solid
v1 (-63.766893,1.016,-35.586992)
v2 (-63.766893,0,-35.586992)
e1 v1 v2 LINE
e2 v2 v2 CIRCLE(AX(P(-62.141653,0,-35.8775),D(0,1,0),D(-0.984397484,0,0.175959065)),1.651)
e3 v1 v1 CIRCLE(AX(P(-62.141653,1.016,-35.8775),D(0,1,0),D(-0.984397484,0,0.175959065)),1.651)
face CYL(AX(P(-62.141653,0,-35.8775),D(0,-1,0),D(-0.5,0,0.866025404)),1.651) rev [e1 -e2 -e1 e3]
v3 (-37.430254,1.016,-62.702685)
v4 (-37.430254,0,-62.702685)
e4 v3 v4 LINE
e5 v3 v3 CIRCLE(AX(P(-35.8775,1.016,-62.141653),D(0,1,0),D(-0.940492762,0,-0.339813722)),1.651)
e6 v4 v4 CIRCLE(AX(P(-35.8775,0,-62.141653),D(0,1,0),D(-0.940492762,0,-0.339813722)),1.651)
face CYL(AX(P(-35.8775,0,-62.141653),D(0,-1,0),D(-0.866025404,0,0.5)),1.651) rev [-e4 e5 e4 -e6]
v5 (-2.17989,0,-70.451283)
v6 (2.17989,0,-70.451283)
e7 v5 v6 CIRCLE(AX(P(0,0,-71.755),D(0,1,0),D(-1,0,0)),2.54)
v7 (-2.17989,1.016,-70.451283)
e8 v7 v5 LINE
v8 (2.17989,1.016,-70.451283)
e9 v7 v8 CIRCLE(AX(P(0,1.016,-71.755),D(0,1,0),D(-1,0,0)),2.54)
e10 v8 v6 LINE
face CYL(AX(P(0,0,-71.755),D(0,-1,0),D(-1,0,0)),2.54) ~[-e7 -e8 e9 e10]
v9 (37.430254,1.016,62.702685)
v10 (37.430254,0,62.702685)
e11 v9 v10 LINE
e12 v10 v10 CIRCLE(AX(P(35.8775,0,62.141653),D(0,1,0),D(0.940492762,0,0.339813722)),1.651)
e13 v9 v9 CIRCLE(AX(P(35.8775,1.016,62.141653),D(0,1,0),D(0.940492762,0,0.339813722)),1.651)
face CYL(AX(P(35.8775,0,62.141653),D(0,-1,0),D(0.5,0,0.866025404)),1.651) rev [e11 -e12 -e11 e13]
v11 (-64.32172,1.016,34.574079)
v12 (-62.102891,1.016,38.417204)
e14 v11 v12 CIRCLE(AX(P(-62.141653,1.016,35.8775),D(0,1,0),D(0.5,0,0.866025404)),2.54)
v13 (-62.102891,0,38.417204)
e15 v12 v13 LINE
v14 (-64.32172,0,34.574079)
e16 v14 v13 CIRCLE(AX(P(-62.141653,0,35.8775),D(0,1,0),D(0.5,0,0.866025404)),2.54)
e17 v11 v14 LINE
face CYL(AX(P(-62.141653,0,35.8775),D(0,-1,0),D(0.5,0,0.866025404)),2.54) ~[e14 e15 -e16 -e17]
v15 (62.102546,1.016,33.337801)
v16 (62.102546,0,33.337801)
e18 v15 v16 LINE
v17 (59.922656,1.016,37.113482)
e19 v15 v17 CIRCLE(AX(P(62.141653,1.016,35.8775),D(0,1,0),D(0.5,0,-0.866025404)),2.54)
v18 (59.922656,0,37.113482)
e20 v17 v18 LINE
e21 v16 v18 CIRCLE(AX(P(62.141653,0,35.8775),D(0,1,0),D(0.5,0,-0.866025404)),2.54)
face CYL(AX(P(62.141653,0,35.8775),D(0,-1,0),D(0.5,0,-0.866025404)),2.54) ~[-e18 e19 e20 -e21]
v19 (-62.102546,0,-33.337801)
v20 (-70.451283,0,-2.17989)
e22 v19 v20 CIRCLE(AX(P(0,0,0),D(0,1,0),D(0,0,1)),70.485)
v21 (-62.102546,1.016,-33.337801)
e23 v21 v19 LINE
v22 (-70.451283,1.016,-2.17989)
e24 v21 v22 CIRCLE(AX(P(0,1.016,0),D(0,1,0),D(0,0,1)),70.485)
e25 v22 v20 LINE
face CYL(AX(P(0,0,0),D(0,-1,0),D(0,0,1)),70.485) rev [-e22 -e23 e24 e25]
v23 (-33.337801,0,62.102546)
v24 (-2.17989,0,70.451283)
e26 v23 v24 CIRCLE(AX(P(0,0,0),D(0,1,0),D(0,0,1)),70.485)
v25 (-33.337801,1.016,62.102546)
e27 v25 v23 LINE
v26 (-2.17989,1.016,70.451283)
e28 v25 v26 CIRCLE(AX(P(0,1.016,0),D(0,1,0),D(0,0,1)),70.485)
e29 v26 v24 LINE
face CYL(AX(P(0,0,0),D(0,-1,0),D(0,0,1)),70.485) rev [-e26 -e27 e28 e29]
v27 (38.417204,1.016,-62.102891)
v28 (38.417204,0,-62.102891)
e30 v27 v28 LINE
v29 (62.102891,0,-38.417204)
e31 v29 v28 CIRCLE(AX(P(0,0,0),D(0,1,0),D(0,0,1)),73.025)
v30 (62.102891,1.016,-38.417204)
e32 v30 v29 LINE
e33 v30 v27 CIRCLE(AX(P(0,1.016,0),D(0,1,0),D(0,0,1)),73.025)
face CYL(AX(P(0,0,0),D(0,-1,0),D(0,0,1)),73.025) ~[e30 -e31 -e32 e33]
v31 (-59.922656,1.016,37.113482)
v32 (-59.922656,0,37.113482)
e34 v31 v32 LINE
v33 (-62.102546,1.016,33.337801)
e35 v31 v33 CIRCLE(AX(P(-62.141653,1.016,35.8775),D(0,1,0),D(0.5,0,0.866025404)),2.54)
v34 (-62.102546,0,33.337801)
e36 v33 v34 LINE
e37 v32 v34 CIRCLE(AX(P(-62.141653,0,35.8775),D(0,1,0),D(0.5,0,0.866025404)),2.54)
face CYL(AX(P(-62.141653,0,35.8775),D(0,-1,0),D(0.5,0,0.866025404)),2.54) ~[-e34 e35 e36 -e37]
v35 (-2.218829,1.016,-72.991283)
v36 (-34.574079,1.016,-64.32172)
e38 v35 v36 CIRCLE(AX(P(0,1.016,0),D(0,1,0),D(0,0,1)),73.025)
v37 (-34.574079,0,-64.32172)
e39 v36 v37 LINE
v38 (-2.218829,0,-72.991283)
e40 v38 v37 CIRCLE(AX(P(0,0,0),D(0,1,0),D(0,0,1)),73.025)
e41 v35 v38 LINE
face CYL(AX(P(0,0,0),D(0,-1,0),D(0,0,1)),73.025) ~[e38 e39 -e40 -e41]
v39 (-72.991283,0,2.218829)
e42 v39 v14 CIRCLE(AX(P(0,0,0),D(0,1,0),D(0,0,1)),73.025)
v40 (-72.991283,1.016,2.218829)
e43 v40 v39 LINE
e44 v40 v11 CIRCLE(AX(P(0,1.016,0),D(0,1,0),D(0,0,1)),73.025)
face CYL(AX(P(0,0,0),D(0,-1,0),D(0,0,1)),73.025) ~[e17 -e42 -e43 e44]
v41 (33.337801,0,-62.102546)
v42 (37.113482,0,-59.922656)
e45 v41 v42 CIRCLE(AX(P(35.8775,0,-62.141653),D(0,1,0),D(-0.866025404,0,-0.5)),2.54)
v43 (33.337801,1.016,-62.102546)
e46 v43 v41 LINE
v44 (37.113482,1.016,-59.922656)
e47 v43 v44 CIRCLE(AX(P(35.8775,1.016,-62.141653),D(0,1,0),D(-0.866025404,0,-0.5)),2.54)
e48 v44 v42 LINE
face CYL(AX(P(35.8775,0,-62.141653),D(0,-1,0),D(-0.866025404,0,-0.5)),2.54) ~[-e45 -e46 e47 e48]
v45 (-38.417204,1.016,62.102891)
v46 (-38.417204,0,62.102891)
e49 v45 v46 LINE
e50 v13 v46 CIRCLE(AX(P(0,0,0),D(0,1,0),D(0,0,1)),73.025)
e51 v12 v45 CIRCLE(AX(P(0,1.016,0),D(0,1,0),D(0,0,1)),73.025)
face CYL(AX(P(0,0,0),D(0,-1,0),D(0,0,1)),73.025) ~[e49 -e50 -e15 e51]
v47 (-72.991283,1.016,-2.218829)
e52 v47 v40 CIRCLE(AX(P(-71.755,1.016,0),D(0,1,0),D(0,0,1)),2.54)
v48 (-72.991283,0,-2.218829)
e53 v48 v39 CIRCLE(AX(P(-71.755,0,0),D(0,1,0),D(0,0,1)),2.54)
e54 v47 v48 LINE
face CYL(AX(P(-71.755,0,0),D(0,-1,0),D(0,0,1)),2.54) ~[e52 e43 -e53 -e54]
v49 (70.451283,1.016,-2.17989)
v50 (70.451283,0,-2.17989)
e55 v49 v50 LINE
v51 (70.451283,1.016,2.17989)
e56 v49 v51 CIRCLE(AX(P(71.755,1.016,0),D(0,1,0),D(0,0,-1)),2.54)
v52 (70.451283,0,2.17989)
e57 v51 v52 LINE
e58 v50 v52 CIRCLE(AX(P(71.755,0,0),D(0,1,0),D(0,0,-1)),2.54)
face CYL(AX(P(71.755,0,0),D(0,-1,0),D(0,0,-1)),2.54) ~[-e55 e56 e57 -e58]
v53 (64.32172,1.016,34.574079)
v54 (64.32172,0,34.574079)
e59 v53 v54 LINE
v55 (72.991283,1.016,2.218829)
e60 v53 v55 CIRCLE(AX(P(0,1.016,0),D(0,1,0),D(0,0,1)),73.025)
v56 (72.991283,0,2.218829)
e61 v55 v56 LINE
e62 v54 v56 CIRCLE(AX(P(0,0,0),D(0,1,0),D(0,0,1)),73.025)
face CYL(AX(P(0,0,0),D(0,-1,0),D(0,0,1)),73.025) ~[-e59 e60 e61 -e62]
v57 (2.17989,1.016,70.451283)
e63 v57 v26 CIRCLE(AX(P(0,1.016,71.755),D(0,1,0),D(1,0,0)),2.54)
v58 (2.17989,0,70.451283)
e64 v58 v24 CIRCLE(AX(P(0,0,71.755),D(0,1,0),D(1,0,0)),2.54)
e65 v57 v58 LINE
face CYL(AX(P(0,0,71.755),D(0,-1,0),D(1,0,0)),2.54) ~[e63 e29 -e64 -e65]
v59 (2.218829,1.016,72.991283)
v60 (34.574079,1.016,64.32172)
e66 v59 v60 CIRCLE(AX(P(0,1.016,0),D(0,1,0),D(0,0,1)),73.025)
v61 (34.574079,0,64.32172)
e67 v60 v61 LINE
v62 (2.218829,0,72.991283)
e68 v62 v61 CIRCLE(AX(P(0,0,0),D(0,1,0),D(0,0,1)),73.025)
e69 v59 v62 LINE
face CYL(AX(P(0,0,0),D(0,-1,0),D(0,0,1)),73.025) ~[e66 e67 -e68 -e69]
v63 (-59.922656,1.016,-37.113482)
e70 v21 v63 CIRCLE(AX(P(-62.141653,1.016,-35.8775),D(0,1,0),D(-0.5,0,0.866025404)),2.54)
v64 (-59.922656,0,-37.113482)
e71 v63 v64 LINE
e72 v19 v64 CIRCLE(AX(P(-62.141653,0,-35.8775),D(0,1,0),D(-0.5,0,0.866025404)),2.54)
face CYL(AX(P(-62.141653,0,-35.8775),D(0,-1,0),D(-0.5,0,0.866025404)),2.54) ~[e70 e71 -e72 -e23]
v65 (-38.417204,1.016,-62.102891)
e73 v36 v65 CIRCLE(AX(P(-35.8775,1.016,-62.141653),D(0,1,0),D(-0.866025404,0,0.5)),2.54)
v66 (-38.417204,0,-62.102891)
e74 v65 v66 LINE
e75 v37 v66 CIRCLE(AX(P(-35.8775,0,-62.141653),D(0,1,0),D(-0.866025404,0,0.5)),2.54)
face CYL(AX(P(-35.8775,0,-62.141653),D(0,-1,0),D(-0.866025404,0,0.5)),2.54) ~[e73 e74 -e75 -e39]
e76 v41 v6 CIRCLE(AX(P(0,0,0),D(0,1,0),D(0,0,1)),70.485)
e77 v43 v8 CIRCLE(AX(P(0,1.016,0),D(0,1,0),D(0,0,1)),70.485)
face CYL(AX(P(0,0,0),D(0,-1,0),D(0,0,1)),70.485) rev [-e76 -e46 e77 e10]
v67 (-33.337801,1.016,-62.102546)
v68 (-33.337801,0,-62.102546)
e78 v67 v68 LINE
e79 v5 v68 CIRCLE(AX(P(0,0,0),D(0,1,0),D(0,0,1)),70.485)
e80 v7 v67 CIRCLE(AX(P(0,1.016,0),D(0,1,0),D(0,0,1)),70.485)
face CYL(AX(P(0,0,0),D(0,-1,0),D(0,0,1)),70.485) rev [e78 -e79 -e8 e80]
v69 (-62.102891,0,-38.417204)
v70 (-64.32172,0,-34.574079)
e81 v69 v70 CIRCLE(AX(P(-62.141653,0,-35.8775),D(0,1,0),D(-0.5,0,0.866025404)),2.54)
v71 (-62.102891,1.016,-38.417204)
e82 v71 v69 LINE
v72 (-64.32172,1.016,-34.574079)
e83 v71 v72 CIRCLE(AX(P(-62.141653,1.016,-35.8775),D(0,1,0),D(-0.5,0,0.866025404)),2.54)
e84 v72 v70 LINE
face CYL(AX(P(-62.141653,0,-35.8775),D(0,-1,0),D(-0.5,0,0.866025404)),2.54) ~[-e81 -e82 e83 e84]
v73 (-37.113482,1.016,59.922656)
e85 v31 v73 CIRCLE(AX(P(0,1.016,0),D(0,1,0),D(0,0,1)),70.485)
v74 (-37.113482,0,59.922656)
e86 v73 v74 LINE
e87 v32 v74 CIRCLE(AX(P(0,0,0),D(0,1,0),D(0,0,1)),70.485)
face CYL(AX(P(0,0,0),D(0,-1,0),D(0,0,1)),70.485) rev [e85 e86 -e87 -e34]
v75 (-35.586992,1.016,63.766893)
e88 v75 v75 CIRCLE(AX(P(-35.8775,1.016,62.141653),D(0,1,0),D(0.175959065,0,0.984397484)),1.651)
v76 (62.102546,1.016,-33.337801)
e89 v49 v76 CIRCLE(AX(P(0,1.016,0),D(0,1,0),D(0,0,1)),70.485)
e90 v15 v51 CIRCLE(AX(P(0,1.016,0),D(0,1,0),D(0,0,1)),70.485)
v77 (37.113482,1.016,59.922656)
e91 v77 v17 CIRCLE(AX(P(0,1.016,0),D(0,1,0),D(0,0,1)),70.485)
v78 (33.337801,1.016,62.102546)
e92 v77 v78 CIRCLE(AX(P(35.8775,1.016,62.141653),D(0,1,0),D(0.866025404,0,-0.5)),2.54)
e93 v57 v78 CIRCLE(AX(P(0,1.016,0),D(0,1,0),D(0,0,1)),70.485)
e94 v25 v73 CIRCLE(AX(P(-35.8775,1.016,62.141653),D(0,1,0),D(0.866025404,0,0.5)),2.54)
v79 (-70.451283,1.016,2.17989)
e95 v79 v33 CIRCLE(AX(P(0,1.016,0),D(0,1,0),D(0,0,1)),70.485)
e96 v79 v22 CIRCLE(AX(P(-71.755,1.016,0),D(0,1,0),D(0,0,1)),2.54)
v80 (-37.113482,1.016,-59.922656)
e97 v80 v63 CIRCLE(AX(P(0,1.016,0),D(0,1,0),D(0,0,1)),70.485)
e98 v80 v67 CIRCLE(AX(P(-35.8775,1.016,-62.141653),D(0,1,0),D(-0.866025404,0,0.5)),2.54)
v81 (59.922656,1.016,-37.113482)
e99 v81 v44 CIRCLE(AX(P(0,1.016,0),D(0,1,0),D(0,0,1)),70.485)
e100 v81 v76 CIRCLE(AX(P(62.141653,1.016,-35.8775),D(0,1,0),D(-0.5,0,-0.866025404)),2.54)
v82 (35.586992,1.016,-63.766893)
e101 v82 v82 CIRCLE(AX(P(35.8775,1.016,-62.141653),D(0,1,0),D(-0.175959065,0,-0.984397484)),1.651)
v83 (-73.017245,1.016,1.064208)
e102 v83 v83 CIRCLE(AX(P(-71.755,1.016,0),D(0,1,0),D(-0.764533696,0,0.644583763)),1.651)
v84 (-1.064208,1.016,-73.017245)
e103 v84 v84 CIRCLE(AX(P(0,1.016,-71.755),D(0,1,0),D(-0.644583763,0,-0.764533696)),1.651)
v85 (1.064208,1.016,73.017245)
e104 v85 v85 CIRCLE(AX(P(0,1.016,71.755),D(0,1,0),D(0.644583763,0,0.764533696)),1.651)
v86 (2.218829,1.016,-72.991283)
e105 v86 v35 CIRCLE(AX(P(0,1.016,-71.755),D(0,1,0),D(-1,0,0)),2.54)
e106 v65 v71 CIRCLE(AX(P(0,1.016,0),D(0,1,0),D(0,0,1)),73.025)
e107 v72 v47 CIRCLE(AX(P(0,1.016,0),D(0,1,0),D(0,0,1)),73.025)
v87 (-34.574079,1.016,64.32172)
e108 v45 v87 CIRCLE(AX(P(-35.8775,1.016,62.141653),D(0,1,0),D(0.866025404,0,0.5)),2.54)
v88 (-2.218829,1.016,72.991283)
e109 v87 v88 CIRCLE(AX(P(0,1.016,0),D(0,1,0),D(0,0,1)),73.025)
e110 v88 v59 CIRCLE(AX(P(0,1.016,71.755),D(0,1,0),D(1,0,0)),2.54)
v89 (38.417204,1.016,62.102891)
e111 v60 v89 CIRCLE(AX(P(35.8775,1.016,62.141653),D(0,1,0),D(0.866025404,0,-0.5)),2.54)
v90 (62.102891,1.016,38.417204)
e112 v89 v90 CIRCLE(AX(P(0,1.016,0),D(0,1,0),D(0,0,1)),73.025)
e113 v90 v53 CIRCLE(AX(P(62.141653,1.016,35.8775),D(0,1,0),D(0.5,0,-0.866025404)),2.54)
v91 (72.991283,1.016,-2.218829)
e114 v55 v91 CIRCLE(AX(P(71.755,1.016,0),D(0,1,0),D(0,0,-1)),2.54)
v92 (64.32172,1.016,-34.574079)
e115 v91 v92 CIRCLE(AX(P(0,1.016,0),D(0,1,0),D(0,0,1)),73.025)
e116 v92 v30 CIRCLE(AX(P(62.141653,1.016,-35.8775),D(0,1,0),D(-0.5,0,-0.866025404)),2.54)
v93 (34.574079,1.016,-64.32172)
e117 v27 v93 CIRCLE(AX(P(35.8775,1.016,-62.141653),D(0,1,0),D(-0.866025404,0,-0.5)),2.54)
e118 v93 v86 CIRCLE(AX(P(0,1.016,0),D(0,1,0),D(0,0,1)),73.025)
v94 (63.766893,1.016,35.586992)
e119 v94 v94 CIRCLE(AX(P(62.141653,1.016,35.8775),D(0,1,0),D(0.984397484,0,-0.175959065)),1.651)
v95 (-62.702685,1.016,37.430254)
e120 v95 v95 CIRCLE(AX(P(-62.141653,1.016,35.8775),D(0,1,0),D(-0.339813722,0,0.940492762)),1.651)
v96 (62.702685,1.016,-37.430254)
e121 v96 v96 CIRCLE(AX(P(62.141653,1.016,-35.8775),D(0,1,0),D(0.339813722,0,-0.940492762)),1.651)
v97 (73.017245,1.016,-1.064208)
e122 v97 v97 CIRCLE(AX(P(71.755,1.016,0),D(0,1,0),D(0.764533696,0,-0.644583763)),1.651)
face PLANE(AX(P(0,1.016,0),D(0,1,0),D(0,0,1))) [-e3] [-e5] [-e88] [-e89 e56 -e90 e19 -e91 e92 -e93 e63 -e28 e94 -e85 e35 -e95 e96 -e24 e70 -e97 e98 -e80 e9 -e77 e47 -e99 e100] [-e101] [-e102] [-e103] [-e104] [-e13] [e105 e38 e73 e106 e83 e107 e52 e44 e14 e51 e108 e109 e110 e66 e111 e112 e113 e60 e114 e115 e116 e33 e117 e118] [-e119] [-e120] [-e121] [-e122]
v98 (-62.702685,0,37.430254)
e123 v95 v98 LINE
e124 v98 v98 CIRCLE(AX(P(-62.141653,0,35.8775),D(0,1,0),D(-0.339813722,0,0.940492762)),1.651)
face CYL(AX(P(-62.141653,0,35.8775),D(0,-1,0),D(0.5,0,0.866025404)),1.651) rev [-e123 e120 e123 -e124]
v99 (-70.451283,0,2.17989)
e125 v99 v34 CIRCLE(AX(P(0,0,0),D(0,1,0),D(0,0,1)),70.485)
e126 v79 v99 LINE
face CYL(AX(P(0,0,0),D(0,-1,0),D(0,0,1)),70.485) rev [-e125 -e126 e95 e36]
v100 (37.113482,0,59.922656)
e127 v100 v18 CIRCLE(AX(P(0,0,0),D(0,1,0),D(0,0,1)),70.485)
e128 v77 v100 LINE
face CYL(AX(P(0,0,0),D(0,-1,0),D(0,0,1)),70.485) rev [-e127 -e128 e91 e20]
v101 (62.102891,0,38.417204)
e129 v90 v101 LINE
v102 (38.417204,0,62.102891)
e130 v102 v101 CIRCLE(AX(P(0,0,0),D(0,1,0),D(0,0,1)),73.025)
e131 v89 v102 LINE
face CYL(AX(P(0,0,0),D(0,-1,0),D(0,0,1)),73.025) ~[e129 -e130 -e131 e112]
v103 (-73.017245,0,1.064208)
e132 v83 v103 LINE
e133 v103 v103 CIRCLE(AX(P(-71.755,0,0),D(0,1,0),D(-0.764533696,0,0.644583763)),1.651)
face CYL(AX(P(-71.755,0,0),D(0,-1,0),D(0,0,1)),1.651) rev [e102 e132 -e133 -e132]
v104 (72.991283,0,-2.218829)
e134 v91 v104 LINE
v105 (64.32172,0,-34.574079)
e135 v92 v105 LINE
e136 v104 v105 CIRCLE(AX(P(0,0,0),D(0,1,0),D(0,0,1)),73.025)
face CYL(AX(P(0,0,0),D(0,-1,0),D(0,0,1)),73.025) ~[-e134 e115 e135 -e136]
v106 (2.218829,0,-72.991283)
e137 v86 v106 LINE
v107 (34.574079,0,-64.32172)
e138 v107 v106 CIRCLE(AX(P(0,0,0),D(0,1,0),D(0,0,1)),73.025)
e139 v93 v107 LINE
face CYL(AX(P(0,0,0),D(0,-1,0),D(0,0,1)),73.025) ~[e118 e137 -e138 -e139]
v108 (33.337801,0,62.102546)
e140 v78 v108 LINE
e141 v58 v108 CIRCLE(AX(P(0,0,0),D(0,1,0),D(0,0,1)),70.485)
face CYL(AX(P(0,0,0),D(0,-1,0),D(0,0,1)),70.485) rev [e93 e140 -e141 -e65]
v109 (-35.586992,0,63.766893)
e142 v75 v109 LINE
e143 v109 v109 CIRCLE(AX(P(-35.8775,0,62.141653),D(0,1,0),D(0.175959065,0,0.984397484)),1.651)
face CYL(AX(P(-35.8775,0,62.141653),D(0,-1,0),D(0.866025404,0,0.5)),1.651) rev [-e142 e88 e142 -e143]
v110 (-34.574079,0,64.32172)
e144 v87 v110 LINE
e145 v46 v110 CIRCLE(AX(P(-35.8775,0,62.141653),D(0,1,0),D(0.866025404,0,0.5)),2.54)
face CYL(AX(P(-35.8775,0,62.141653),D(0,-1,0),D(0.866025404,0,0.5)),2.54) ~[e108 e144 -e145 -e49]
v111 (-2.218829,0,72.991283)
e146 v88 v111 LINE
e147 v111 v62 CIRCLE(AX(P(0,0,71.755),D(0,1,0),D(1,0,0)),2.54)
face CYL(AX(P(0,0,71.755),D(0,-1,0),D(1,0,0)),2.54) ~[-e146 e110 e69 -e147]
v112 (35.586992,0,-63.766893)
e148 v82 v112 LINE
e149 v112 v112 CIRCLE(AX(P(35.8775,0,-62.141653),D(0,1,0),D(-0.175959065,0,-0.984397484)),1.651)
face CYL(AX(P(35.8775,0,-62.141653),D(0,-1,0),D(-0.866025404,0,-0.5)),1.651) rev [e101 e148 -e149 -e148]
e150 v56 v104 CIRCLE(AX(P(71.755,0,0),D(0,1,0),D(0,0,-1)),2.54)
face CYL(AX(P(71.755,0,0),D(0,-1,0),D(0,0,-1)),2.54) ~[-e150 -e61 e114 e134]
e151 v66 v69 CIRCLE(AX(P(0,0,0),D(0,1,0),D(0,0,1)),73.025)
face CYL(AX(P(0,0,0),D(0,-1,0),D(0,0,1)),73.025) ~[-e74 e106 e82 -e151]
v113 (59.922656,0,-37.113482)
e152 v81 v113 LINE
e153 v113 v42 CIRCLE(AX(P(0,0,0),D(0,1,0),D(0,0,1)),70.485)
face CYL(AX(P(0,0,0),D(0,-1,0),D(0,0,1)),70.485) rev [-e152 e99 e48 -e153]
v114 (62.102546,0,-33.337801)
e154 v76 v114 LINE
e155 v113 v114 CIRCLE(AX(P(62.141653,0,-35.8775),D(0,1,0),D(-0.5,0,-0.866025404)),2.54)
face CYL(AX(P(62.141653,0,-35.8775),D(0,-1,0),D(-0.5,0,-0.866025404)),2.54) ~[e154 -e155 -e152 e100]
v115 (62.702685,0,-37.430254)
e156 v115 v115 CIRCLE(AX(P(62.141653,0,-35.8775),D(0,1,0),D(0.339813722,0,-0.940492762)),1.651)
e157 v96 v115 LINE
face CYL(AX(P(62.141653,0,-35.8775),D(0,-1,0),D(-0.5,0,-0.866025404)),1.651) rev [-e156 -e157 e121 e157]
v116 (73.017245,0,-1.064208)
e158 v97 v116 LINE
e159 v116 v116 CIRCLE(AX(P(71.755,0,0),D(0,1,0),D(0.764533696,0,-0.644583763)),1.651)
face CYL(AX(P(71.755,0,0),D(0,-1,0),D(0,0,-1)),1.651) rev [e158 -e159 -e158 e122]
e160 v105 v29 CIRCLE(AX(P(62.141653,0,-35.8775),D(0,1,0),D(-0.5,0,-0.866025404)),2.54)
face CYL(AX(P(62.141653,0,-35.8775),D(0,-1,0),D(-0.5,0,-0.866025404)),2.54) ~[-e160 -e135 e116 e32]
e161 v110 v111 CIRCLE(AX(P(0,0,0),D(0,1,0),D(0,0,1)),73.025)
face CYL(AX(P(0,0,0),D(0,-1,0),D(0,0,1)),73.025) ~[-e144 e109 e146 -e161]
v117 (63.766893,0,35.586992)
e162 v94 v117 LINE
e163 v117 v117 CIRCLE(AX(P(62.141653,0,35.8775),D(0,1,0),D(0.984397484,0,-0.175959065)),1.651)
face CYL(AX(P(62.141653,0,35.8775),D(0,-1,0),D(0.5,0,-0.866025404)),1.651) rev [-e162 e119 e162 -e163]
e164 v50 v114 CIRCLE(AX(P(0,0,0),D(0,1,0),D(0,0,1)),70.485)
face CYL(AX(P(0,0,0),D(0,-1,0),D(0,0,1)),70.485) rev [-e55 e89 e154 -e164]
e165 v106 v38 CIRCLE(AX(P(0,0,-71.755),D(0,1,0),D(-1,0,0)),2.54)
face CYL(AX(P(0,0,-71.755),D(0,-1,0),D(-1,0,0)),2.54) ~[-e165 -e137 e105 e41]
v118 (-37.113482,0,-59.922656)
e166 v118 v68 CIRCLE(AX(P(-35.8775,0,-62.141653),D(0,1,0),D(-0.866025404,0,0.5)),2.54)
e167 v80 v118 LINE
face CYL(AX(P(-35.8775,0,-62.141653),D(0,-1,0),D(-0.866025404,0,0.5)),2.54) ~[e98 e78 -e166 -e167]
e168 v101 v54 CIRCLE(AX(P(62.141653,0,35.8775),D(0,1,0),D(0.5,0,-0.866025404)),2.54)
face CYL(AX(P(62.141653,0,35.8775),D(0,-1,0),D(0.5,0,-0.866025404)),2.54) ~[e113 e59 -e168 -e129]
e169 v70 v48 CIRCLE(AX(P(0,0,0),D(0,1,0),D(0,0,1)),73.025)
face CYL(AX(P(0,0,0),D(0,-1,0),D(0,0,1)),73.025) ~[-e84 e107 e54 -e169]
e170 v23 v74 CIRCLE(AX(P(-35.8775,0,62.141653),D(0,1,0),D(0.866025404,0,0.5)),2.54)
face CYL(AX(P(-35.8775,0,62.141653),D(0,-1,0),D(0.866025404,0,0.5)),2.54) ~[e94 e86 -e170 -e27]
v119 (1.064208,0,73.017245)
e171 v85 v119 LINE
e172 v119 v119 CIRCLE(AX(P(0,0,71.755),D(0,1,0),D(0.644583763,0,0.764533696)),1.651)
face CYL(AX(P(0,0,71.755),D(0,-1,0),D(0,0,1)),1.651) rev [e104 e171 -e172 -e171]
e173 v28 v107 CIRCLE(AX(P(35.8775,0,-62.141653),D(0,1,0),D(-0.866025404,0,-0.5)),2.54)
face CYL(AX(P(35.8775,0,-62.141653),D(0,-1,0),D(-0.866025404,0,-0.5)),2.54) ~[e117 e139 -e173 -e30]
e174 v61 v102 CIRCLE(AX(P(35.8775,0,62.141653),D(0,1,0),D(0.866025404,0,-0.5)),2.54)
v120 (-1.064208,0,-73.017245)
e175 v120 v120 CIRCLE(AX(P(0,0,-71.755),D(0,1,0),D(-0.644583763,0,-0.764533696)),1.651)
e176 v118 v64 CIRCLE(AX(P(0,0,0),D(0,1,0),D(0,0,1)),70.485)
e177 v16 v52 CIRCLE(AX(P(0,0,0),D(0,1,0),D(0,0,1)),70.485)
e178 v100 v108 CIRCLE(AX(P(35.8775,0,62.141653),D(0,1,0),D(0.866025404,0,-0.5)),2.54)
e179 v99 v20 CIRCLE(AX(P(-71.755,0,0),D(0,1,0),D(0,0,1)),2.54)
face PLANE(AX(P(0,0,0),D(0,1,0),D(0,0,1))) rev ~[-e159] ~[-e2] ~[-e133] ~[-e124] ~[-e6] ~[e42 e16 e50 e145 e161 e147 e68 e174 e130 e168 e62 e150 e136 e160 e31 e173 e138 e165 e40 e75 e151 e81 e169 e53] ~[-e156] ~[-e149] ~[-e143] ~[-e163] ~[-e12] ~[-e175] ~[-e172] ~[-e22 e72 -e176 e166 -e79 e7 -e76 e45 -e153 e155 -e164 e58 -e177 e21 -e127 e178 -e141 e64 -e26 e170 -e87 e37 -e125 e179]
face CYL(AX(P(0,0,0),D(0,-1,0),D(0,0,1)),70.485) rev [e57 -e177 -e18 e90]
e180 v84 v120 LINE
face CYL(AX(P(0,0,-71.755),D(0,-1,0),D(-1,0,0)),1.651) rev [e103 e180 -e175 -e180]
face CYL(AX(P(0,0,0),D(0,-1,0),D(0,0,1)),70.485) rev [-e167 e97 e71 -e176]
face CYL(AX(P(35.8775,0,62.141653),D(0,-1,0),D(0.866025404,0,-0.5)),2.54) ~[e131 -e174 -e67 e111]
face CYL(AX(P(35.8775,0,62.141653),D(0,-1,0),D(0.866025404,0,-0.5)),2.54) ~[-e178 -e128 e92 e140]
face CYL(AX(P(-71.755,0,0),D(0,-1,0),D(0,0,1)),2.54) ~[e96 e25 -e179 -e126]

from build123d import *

# Parameters (mm, degrees)
SKETCH1_R           = 73.025
SKETCH1_R_2         = 70.485
BOSS_EXTRUDE1_DEPTH = 1.016
SKETCH1_3_R         = 2.54
SKETCH1_3_R_2       = 1.651
BOSS_EXTRUDE2_DEPTH = 1.016
SKETCH1_4_R         = 1.651
CUT_EXTRUDE1_DEPTH  = 1.016
CIRPATTERN2_COUNT   = 12


with BuildPart() as part:
    # Sketch1 → Boss-Extrude1 (new body)
    with BuildSketch(Plane(origin=(0, 0, 0), x_dir=(1, 0, 0), z_dir=(0, 1, 0))):
        with Locations(Location((0, 0, 0), (0, 0, 270))):
            Circle(SKETCH1_R)
        with Locations(Location((0, 0, 0), (0, 0, 270))):
            Circle(SKETCH1_R_2, mode=Mode.SUBTRACT)
    extrude(amount=BOSS_EXTRUDE1_DEPTH)

    # Sketch1<3> → Boss-Extrude2 (add)
    with BuildSketch(Plane(origin=(0, 0, 0), x_dir=(1, 0, 0), z_dir=(0, 1, 0))):
        with Locations((0, -71.755)):
            Circle(SKETCH1_3_R)
        with Locations((0, -71.755)):
            Circle(SKETCH1_3_R_2, mode=Mode.SUBTRACT)
    boss_extrude2 = extrude(amount=BOSS_EXTRUDE2_DEPTH)

    # Sketch1<4> → Cut-Extrude1 (cut)
    with BuildSketch(Plane(origin=(0, 0, 0), x_dir=(1, 0, 0), z_dir=(0, 1, 0))):
        with Locations(Location((0, -71.755, 0), (0, 0, 270))):
            Circle(SKETCH1_4_R)
    cut_extrude1 = extrude(amount=CUT_EXTRUDE1_DEPTH, mode=Mode.SUBTRACT)

    # CirPattern2: Boss-Extrude2, Cut-Extrude1 ×12 about axis
    cirpattern2_axis = Axis((0, 0, 0), (0, 1, 0))
    add([boss_extrude2.rotate(cirpattern2_axis, i * 360 / CIRPATTERN2_COUNT) for i in range(1, CIRPATTERN2_COUNT)])
    add([cut_extrude1.rotate(cirpattern2_axis, i * 360 / CIRPATTERN2_COUNT) for i in range(1, CIRPATTERN2_COUNT)], mode=Mode.SUBTRACT)


solid = part.part
